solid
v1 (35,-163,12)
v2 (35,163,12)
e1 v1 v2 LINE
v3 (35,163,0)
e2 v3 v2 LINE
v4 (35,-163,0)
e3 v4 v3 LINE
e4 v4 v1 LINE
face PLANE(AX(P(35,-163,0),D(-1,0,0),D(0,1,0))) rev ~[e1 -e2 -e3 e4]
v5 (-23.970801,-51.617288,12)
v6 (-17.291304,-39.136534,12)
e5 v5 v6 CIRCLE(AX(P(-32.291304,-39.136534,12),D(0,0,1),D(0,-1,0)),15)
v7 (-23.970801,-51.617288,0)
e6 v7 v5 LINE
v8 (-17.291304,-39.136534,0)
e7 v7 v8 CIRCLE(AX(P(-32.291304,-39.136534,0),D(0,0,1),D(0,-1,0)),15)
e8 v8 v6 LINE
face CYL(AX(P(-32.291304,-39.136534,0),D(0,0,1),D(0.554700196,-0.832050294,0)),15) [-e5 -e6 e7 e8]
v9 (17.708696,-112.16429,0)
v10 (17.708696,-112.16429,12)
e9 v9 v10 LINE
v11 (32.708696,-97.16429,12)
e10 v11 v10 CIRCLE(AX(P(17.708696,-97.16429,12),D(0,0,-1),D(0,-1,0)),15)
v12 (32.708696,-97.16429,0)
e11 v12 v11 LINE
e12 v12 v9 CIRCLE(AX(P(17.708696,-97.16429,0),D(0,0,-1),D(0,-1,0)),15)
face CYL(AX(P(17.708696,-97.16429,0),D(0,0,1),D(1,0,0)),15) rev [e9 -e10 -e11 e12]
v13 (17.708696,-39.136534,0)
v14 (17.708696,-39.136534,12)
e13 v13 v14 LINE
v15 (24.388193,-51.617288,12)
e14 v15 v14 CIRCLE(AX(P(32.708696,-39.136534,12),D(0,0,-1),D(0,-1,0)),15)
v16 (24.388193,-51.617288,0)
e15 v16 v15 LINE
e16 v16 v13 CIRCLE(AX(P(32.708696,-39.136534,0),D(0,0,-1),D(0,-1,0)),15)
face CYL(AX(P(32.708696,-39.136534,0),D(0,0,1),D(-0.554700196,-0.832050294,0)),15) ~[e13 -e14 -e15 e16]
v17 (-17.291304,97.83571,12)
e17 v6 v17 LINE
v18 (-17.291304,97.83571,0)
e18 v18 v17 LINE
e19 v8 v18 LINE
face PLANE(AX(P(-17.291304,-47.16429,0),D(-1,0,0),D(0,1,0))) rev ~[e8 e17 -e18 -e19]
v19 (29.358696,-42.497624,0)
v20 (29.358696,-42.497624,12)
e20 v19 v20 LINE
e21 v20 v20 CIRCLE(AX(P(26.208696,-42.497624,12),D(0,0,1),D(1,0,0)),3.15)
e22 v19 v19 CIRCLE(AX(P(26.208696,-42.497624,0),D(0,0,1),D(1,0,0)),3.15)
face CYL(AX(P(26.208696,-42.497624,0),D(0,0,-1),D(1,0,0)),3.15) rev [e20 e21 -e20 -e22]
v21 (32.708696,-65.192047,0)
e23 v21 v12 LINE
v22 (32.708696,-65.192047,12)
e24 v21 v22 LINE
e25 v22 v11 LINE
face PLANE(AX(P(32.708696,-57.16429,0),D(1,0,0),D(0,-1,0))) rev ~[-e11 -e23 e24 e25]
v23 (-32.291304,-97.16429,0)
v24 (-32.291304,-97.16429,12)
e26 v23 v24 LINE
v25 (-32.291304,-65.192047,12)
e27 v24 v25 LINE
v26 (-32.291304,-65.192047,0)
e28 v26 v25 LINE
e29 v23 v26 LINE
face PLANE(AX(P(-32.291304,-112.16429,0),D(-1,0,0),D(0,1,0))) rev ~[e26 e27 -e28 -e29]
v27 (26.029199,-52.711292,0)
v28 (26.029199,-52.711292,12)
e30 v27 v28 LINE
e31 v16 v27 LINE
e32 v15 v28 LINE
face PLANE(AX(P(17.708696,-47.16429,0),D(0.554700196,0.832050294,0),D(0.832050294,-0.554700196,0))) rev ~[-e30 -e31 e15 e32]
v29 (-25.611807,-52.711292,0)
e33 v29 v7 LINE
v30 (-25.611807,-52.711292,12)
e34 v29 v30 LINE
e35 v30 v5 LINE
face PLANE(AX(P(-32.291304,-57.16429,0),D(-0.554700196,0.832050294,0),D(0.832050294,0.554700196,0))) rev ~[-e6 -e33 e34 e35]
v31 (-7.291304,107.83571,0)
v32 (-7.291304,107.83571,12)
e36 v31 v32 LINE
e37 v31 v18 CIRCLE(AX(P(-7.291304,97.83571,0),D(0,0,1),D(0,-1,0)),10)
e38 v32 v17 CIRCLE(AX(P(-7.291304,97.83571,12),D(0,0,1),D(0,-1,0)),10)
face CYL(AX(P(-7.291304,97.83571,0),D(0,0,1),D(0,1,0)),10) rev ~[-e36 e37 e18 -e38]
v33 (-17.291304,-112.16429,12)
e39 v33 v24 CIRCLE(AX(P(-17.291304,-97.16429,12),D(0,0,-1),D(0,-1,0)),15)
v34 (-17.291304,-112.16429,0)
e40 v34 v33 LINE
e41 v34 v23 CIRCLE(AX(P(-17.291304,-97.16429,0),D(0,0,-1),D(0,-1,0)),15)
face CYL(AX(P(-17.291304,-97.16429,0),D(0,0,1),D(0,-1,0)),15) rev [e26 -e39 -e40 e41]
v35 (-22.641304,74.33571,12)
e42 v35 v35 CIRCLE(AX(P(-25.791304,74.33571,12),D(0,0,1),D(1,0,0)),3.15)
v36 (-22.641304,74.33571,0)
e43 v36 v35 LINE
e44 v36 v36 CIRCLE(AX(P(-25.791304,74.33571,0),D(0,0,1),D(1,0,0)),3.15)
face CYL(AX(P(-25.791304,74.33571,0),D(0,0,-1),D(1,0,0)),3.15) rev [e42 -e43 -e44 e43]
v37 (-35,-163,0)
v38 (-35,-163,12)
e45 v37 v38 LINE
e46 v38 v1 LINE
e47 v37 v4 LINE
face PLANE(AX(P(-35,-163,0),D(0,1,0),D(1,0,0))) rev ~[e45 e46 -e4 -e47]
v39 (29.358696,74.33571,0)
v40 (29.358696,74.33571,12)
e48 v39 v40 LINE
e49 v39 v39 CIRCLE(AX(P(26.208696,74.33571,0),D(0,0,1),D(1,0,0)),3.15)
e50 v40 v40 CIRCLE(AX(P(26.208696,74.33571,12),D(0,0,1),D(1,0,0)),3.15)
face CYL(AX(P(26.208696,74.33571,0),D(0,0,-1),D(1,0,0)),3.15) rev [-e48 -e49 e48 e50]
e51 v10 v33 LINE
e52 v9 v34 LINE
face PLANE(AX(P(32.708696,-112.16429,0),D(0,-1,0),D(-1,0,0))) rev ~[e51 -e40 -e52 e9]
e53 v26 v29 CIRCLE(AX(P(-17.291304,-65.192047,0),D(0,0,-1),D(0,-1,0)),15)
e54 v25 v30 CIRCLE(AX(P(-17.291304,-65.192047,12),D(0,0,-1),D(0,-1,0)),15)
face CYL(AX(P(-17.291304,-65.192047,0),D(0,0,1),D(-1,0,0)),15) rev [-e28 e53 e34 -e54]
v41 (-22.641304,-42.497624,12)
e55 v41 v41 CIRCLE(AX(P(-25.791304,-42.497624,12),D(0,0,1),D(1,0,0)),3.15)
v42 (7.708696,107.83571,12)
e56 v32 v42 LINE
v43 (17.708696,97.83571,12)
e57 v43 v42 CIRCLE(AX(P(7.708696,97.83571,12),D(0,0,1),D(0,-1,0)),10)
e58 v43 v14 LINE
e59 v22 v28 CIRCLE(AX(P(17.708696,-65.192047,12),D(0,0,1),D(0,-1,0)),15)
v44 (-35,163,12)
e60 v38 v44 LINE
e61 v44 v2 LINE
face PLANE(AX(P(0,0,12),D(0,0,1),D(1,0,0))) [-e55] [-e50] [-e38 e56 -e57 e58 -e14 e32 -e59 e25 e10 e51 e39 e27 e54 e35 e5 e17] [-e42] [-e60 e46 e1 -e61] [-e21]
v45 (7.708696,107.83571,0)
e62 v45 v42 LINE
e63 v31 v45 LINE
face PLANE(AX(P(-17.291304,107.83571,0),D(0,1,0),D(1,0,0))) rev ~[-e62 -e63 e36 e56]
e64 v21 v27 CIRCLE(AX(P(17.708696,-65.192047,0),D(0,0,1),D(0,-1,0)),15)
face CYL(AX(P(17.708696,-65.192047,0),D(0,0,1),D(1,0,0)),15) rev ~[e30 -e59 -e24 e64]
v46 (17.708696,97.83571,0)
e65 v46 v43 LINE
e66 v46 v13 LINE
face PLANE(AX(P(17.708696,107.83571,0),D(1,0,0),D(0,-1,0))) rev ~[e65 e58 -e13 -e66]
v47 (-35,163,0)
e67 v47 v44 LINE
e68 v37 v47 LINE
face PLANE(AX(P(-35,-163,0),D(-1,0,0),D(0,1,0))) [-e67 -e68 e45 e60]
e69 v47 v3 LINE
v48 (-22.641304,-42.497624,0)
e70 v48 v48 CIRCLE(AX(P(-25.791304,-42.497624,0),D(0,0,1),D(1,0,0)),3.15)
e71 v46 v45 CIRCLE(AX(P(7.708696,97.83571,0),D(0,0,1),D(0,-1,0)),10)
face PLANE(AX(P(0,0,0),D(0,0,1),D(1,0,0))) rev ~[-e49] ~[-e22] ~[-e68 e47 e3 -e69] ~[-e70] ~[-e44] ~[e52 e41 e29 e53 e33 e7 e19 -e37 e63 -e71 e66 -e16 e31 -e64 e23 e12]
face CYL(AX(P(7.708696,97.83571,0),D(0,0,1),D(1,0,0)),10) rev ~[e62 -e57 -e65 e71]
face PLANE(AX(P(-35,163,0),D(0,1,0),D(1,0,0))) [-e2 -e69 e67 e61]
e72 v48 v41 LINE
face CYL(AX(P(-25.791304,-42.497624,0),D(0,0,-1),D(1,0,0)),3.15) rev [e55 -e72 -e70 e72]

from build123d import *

# Parameters (mm, degrees)
F0_W     = 70
F0_H     = 326
F0_W_2   = 17
F0_H_2   = 17
F0_R     = 3.15
F1_DEPTH = 12
F2_R     = 15
F3_R     = 10


with BuildPart() as f1:
    # F0 (on Top) → F1 (new body)
    with BuildSketch(Plane.XY):
        Rectangle(F0_W, F0_H)
        Polygon((32.7086956522, -112.1642902674), (17.7086956522, -112.1642902674), (-17.2913043478, -112.1642902674), (-32.2913043478, -112.1642902674), (-32.2913043478, -57.1642902674), (-34.2913043478, -47.1642902674), (-34.2913043478, -32.1642902674), (-17.2913043478, -32.1642902674), (-17.2913043478, 65.8357097326), (-34.2913043478, 65.8357097326), (-34.2913043478, 82.8357097326), (-17.2913043478, 82.8357097326), (-17.2913043478, 107.8357097326), (17.7086956522, 107.8357097326), (17.7086956522, 82.8357097326), (34.7086956522, 82.8357097326), (34.7086956522, 65.8357097326), (17.7086956522, 65.8357097326), (17.7086956522, -32.1642902674), (34.7086956522, -32.1642902674), (34.7086956522, -47.1642902674), (32.7086956522, -57.1642902674), align=None, mode=Mode.SUBTRACT)
        Polygon((-34.2913043478, -47.1642902674), (-32.2913043478, -57.1642902674), (-17.2913043478, -47.1642902674), (-17.2913043478, -32.1642902674), (-34.2913043478, -32.1642902674), align=None)
        Polygon((-25.7913043478, -36.608650855), (-20.6913043478, -39.5531372279), (-20.6913043478, -45.4421099736), (-25.7913043478, -48.3865963465), (-30.8913043478, -45.4421099736), (-30.8913043478, -39.5531372279), align=None, mode=Mode.SUBTRACT)
        Polygon((17.7086956522, -47.1642902674), (32.7086956522, -57.1642902674), (34.7086956522, -47.1642902674), (34.7086956522, -32.1642902674), (17.7086956522, -32.1642902674), align=None)
        Polygon((31.3086956522, -45.4421099736), (26.2086956522, -48.3865963465), (21.1086956522, -45.4421099736), (21.1086956522, -39.5531372279), (26.2086956522, -36.608650855), (31.3086956522, -39.5531372279), align=None, mode=Mode.SUBTRACT)
        with Locations((-25.7913043478, 74.3357097326)):
            Rectangle(F0_W_2, F0_H_2)
        Polygon((-20.6913043478, 77.2801961054), (-20.6913043478, 71.3912233597), (-25.7913043478, 68.4467369868), (-30.8913043478, 71.3912233597), (-30.8913043478, 77.2801961054), (-25.7913043478, 80.2246824783), align=None, mode=Mode.SUBTRACT)
        with Locations((26.2086956522, 74.3357097326)):
            Rectangle(F0_W_2, F0_H_2)
        Polygon((31.3086956522, 71.3912233597), (26.2086956522, 68.4467369868), (21.1086956522, 71.3912233597), (21.1086956522, 77.2801961054), (26.2086956522, 80.2246824783), (31.3086956522, 77.2801961054), align=None, mode=Mode.SUBTRACT)
        Polygon((-20.6913043478, -45.4421099736), (-20.6913043478, -39.5531372279), (-25.7913043478, -36.608650855), (-30.8913043478, -39.5531372279), (-30.8913043478, -45.4421099736), (-25.7913043478, -48.3865963465), align=None)
        with Locations((-25.7913043478, -42.4976236008)):
            Circle(F0_R, mode=Mode.SUBTRACT)
        Polygon((21.1086956522, -45.4421099736), (26.2086956522, -48.3865963465), (31.3086956522, -45.4421099736), (31.3086956522, -39.5531372279), (26.2086956522, -36.608650855), (21.1086956522, -39.5531372279), align=None)
        with Locations((26.2086956522, -42.4976236008)):
            Circle(F0_R, mode=Mode.SUBTRACT)
        Polygon((-25.7913043478, 68.4467369868), (-20.6913043478, 71.3912233597), (-20.6913043478, 77.2801961054), (-25.7913043478, 80.2246824783), (-30.8913043478, 77.2801961054), (-30.8913043478, 71.3912233597), align=None)
        with Locations((-25.7913043478, 74.3357097326)):
            Circle(F0_R, mode=Mode.SUBTRACT)
        Polygon((21.1086956522, 71.3912233597), (26.2086956522, 68.4467369868), (31.3086956522, 71.3912233597), (31.3086956522, 77.2801961054), (26.2086956522, 80.2246824783), (21.1086956522, 77.2801961054), align=None)
        with Locations((26.2086956522, 74.3357097326)):
            Circle(F0_R, mode=Mode.SUBTRACT)
    extrude(amount=F1_DEPTH)

    # F2
    f2_edges = [f1.edges().sort_by_distance(p)[0] for p in [
        (-32.291304, -57.16429, 6),
        (-17.291304, -47.16429, 6),
        (17.708696, -47.16429, 6),
        (32.708696, -57.16429, 6),
        (32.708696, -112.16429, 6),
        (-32.291304, -112.16429, 6),
    ]]
    fillet(f2_edges, radius=F2_R)

    # F3
    f3_edges = [f1.edges().sort_by_distance(p)[0] for p in [
        (17.708696, 107.83571, 6),
        (-17.291304, 107.83571, 6),
    ]]
    fillet(f3_edges, radius=F3_R)


solid = f1.part
